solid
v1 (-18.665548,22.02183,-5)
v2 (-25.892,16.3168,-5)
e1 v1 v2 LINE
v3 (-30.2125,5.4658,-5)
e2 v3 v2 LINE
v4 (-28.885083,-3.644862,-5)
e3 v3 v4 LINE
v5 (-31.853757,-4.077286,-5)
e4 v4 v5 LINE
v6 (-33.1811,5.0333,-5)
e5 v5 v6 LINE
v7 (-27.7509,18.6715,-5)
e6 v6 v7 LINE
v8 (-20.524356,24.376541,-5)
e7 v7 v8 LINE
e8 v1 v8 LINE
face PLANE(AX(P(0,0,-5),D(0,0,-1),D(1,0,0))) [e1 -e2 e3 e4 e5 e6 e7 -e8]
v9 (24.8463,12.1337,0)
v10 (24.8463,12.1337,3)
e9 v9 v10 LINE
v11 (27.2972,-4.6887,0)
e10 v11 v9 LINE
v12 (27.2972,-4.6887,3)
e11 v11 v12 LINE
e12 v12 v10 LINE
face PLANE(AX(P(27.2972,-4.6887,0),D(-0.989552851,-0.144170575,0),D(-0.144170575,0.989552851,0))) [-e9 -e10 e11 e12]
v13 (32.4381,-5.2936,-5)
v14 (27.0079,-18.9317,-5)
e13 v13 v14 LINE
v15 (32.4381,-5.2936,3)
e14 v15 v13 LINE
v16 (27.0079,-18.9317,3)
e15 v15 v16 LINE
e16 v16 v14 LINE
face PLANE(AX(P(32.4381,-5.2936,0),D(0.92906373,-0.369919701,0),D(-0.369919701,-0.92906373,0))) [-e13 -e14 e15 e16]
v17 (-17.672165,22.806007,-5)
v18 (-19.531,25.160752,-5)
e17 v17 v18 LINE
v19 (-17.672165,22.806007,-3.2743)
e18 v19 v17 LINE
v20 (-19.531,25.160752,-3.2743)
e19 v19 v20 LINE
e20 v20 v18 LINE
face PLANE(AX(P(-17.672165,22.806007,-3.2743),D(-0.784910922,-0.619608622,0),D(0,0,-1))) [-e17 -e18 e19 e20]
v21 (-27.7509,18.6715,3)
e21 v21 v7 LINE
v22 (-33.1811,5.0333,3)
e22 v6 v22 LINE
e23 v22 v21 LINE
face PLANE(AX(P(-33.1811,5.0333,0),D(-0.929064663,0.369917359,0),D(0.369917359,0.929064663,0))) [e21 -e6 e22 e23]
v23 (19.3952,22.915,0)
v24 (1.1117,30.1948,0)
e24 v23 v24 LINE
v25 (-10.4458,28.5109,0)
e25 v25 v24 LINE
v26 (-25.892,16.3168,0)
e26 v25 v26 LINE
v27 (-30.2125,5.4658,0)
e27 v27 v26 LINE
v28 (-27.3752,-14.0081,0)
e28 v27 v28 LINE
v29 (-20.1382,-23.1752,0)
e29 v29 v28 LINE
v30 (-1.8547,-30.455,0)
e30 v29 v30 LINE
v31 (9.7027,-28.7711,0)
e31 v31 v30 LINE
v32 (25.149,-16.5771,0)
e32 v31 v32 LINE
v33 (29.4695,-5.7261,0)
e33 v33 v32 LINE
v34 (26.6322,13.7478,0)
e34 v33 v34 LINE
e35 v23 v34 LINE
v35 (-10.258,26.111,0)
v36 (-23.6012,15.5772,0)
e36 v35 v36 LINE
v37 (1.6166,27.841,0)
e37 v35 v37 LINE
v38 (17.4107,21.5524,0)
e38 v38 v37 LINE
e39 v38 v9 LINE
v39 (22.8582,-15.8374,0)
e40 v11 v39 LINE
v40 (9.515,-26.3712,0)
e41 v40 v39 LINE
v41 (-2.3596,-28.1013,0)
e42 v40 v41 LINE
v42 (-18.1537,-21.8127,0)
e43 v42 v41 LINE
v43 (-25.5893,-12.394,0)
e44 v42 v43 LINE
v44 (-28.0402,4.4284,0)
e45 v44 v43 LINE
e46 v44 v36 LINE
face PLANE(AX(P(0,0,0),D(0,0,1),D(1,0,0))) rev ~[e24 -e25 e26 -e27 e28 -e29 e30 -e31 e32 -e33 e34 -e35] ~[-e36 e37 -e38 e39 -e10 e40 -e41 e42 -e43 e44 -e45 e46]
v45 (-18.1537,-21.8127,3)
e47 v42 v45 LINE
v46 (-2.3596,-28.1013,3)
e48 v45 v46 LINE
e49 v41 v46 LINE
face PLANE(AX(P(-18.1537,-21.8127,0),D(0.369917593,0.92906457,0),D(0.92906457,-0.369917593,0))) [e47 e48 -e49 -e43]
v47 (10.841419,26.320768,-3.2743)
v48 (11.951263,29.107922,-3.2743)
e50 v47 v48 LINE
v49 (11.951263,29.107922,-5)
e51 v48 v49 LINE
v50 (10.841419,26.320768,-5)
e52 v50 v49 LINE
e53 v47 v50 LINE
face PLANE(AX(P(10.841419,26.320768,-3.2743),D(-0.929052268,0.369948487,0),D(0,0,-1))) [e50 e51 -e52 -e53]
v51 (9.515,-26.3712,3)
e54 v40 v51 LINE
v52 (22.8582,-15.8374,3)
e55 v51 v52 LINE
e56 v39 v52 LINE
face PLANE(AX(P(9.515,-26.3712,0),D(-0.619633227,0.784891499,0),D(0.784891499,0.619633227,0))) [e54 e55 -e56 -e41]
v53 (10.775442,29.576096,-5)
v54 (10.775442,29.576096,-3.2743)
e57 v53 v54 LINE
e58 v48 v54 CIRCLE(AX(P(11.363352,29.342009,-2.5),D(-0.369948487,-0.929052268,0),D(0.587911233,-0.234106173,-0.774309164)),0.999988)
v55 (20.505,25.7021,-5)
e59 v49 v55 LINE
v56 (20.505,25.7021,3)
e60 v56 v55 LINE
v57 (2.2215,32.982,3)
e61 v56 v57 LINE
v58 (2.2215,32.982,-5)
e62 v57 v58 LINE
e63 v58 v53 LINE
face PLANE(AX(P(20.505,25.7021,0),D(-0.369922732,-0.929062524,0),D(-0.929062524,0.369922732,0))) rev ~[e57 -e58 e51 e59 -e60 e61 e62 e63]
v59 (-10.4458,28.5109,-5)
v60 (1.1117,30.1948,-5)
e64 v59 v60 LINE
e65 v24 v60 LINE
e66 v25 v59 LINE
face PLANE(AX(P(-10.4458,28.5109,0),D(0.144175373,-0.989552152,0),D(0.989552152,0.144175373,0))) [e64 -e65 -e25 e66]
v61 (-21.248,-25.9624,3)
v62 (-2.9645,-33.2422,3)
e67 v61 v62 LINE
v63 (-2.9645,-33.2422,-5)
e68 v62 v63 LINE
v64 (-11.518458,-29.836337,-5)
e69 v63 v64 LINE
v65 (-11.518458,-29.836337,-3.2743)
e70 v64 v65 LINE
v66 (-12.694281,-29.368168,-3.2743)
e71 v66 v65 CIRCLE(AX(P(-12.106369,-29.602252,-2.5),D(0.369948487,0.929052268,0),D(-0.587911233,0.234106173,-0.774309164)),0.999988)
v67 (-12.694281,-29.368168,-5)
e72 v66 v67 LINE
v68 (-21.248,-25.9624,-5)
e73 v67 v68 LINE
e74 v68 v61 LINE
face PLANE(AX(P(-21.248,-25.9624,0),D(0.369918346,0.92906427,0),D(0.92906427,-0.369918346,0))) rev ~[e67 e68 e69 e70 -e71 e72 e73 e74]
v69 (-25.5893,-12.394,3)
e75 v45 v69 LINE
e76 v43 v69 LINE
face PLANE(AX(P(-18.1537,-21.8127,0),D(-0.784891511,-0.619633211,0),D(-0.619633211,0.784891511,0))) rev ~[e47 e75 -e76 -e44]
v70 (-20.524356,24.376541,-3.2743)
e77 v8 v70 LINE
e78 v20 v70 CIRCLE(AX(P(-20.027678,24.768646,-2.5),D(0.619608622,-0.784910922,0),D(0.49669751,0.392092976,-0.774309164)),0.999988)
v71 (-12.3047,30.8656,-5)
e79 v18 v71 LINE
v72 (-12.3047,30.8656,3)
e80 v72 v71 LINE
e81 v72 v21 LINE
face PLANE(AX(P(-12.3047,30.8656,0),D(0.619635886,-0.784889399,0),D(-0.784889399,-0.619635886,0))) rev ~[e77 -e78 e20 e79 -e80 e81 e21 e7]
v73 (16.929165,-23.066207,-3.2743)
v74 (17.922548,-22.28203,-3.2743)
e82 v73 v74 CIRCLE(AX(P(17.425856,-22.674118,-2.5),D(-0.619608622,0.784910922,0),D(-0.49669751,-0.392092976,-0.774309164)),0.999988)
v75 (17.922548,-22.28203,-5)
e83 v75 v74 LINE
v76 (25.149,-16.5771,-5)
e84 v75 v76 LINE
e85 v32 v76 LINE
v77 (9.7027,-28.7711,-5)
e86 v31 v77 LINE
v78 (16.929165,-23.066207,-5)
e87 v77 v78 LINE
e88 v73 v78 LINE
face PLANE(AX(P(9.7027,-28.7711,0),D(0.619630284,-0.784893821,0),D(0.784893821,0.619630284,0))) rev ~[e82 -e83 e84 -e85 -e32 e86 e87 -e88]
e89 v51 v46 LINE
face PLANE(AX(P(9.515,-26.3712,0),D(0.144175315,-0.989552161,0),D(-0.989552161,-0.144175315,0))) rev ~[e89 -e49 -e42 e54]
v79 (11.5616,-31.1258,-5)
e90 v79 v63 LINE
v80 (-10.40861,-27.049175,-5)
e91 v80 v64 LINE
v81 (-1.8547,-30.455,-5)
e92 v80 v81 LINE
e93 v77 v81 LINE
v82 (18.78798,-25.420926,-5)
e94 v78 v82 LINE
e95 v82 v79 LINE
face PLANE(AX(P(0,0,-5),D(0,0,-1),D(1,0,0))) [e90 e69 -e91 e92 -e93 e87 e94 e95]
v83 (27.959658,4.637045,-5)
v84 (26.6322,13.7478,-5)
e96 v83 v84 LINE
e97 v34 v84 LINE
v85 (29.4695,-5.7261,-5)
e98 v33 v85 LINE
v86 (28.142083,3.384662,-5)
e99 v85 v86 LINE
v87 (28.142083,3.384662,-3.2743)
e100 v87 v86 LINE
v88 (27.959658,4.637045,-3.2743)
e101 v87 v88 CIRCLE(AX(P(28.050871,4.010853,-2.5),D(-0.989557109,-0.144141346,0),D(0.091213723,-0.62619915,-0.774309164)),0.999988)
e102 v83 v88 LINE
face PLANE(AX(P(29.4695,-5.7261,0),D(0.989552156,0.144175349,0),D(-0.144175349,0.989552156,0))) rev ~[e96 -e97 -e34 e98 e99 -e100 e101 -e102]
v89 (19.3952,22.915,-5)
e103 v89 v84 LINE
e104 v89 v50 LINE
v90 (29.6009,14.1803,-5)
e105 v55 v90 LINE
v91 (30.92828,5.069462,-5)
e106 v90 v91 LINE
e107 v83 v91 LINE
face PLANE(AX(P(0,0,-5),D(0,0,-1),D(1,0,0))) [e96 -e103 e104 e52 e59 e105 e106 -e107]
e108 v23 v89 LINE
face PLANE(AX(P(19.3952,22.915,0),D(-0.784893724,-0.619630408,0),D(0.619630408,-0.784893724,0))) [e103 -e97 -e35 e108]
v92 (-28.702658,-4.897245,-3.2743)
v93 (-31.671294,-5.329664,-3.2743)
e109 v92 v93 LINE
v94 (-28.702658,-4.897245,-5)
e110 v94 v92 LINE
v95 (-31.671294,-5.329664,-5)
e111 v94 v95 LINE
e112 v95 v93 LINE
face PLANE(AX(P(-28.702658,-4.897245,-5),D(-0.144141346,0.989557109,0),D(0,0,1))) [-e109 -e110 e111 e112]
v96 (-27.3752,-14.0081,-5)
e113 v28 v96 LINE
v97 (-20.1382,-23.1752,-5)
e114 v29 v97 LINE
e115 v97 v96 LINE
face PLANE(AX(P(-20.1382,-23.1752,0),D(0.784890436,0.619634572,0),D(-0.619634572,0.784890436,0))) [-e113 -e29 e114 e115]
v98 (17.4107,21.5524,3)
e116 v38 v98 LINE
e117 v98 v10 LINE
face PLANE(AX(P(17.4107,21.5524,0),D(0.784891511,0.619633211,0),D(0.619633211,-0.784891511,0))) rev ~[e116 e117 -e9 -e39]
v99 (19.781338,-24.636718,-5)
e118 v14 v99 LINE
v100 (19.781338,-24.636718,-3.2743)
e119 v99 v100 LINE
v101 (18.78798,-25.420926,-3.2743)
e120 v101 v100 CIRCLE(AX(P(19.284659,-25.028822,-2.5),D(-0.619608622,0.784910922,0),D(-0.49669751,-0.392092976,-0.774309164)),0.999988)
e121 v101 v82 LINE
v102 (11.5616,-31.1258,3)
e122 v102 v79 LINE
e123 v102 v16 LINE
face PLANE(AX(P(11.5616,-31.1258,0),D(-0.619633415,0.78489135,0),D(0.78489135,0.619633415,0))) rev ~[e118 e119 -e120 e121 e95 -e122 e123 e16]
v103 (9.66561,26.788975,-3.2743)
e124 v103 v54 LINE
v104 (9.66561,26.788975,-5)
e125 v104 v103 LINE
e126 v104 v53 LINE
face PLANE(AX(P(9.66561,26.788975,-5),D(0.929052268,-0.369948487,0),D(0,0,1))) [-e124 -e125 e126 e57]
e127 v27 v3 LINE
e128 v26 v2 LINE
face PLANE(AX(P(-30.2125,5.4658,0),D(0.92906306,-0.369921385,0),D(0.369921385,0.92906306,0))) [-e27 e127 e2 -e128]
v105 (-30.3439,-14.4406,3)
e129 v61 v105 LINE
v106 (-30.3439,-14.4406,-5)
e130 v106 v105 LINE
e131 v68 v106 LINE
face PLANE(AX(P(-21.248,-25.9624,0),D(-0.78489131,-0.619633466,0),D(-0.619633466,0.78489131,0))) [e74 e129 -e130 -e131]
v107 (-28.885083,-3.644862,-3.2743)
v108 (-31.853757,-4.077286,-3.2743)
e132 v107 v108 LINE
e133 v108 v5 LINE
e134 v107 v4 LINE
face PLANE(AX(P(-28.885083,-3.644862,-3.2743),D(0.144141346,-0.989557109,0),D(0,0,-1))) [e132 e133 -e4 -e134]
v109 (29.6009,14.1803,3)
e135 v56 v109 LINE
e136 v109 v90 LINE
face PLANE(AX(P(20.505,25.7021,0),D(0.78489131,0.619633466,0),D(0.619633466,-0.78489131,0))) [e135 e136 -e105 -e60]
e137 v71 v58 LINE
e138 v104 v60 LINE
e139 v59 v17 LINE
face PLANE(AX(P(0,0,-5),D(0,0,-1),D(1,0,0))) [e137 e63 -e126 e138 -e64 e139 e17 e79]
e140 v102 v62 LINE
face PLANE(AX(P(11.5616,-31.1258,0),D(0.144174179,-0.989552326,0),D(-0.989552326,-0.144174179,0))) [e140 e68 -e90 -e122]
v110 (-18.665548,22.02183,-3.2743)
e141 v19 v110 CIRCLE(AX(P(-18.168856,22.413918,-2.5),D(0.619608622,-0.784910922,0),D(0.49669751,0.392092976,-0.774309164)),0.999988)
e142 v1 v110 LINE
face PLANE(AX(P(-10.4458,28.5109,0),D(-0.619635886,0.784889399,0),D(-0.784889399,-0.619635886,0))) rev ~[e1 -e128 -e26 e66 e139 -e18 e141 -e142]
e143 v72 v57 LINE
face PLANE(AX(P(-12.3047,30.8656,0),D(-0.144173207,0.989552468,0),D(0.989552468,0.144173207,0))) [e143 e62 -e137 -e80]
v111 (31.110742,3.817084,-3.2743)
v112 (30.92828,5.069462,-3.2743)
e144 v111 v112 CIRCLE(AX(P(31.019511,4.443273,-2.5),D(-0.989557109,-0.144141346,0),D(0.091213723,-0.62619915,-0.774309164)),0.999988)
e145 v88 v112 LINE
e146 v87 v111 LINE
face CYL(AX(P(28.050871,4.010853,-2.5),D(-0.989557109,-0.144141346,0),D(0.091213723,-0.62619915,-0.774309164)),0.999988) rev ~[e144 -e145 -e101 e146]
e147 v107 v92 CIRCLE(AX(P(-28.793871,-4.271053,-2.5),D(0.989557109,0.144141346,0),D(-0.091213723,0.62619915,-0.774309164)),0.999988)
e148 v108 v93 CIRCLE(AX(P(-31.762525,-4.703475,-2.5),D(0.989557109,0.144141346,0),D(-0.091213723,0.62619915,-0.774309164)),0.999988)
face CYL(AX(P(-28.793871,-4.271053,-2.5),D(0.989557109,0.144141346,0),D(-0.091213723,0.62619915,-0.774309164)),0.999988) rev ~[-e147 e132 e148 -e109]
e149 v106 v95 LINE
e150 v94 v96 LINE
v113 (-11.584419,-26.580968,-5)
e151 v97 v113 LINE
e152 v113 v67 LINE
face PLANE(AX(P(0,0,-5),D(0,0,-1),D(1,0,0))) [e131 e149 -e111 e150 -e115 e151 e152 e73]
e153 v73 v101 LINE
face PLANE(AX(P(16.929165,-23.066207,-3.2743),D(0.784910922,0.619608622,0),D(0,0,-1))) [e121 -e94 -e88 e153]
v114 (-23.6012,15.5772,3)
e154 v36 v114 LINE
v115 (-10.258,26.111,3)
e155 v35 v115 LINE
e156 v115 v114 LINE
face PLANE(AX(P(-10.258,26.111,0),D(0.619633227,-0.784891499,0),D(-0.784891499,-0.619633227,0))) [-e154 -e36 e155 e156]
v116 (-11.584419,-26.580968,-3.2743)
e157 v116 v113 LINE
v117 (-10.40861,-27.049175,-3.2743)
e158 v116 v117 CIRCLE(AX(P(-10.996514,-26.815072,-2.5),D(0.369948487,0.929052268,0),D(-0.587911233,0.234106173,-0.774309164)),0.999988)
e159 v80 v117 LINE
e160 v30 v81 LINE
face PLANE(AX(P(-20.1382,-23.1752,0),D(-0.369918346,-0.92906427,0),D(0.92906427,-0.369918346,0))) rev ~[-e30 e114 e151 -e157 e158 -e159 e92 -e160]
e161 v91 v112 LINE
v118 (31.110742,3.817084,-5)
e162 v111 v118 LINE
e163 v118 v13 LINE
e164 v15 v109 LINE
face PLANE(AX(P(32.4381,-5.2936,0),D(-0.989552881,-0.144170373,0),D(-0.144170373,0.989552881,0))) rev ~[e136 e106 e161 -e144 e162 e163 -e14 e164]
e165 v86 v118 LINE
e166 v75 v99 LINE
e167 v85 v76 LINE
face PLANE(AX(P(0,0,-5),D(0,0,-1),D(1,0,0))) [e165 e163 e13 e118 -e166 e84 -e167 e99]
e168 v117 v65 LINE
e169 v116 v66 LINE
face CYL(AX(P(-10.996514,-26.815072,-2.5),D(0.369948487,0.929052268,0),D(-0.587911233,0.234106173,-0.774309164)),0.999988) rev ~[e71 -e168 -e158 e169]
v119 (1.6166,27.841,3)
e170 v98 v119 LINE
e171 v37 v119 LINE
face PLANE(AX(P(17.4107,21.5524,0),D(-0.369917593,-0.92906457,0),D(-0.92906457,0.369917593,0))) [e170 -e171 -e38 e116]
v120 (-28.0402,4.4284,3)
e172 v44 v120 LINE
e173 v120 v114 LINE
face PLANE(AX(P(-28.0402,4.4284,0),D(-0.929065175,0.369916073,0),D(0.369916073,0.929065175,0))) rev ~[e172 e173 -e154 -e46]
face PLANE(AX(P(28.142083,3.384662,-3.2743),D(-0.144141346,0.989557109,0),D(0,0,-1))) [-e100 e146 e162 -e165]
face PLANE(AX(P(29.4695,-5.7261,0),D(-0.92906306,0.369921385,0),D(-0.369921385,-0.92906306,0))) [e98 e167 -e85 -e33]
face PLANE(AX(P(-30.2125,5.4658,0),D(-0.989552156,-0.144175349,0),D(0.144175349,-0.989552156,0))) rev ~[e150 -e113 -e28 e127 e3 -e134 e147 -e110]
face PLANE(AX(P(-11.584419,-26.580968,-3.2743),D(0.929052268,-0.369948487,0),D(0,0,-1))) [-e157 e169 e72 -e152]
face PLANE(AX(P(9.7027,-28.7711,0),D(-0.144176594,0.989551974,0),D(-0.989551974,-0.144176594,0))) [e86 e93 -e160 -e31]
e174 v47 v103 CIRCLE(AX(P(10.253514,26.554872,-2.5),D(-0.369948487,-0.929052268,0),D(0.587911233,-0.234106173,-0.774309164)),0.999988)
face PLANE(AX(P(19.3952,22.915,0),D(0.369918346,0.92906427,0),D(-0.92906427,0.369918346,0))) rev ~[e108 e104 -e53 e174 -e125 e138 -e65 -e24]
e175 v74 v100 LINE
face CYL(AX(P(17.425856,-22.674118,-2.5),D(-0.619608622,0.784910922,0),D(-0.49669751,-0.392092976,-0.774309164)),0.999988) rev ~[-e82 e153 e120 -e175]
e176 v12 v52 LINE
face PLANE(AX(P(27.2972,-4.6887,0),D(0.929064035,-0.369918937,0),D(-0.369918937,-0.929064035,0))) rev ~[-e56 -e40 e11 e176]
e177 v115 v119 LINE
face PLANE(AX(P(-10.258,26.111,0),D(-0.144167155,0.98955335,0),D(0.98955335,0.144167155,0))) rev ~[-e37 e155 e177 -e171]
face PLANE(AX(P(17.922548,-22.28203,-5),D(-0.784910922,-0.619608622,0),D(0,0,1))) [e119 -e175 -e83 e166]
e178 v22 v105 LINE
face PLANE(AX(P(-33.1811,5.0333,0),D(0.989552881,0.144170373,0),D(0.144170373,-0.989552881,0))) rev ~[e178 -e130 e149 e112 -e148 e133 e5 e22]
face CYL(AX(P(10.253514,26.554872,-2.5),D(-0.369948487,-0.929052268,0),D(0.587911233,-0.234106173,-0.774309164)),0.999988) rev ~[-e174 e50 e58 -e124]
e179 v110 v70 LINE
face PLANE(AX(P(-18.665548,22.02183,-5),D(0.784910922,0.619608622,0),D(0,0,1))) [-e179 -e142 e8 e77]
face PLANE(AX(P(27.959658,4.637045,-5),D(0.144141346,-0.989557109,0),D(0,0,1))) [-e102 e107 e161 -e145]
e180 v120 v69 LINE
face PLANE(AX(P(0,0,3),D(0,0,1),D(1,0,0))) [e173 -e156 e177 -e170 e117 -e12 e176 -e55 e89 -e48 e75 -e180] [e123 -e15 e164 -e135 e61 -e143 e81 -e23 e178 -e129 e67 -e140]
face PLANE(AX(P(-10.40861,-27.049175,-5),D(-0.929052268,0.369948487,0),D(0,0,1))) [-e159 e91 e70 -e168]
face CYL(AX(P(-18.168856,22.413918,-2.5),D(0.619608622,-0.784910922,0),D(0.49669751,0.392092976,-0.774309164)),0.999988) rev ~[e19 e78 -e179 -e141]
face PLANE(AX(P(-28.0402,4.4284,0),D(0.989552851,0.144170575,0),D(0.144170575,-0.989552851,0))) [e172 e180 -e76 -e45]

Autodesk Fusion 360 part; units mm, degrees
sketch "Sketch1" plane through (0, 0, 0) normal (0, 0, 1) x (1, 0, 0)
  line L0 (-12.2461, -1.8602) -> (-7.8071, 9.2886)
  line L1 (-7.8071, 9.2886) -> (4.0675, 11.0187)
  line L2 (4.0675, 11.0187) -> (11.5031, 1.6)
  line L3 (11.5031, 1.6) -> (7.0641, -9.5488)
  line L4 (7.0641, -9.5488) -> (-4.8105, -11.2789)
  line L5 (-4.8105, -11.2789) -> (-12.2461, -1.8602)
  line L6 (-4.8105, -11.2789) -> (7.0641, -9.5488)
  line L7 (7.0641, -9.5488) -> (9.515, -26.3712)
  line L8 (9.515, -26.3712) -> (-2.3596, -28.1013)
  line L9 (-2.3596, -28.1013) -> (-4.8105, -11.2789)
  line L10 (7.0641, -9.5488) -> (11.5031, 1.6)
  line L11 (11.5031, 1.6) -> (27.2972, -4.6887)
  line L12 (27.2972, -4.6887) -> (22.8582, -15.8374)
  line L13 (22.8582, -15.8374) -> (7.0641, -9.5488)
  line L14 (11.5031, 1.6) -> (4.0675, 11.0187)
  line L15 (4.0675, 11.0187) -> (17.4107, 21.5524)
  line L16 (17.4107, 21.5524) -> (24.8463, 12.1337)
  line L17 (24.8463, 12.1337) -> (11.5031, 1.6)
  line L18 (4.0675, 11.0187) -> (-7.8071, 9.2886)
  line L19 (-7.8071, 9.2886) -> (-10.258, 26.111)
  line L20 (-10.258, 26.111) -> (1.6166, 27.841)
  line L21 (1.6166, 27.841) -> (4.0675, 11.0187)
  line L22 (-7.8071, 9.2886) -> (-12.2461, -1.8602)
  line L23 (-12.2461, -1.8602) -> (-28.0402, 4.4284)
  line L24 (-28.0402, 4.4284) -> (-23.6012, 15.5772)
  line L25 (-23.6012, 15.5772) -> (-7.8071, 9.2886)
  line L26 (-12.2461, -1.8602) -> (-4.8105, -11.2789)
  line L27 (-4.8105, -11.2789) -> (-18.1537, -21.8127)
  line L28 (-18.1537, -21.8127) -> (-25.5893, -12.394)
  line L29 (-25.5893, -12.394) -> (-12.2461, -1.8602)
  line L30 (-28.0402, 4.4284) -> (-25.5893, -12.394)
  line L31 (-18.1537, -21.8127) -> (-2.3596, -28.1013)
  line L32 (9.515, -26.3712) -> (22.8582, -15.8374)
  line L33 (27.2972, -4.6887) -> (24.8463, 12.1337)
  line L34 (17.4107, 21.5524) -> (1.6166, 27.841)
  line L35 (-10.258, 26.111) -> (-23.6012, 15.5772)
  line L36 (-33.1811, 5.0333) -> (-27.7509, 18.6715)
  line L37 (-12.3047, 30.8656) -> (-27.7509, 18.6715)
  line L38 (-12.3047, 30.8656) -> (2.2215, 32.982)
  line L39 (20.505, 25.7021) -> (2.2215, 32.982)
  line L40 (20.505, 25.7021) -> (29.6009, 14.1803)
  line L41 (32.4381, -5.2936) -> (29.6009, 14.1803)
  line L42 (32.4381, -5.2936) -> (27.0079, -18.9317)
  line L43 (11.5616, -31.1258) -> (27.0079, -18.9317)
  line L44 (11.5616, -31.1258) -> (-2.9645, -33.2422)
  line L45 (-21.248, -25.9624) -> (-2.9645, -33.2422)
  line L46 (-21.248, -25.9624) -> (-30.3439, -14.4406)
  line L47 (-33.1811, 5.0333) -> (-30.3439, -14.4406)
  dimension "d1" = 12
  dimension "d2" = 12
  dimension "d3" = 12
  dimension "d4" = 12
  dimension "d5" = 12
  dimension "d6" = 12
  dimension "d7" = 120
  dimension "d8" = 120
  dimension "d9" = 120
  dimension "d10" = 17
  dimension "d11" = 17
  dimension "d12" = 17
  dimension "d13" = 17
  dimension "d14" = 17
  dimension "d15" = 17
  dimension "d16" = -5
extrude "Extrude1" add sketch "Sketch1" along normal blind 3
sketch "Sketch2" plane through (0, 0, 0) normal (0, 0, -1) x (1, 0, 0)
  line L0 (17.4107, -21.5524) -> (1.6166, -27.841)
  line L1 (1.6166, -27.841) -> (-10.258, -26.111)
  line L2 (-10.258, -26.111) -> (-23.6012, -15.5772)
  line L3 (-23.6012, -15.5772) -> (-28.0402, -4.4284)
  line L4 (-28.0402, -4.4284) -> (-25.5893, 12.394)
  line L5 (-25.5893, 12.394) -> (-18.1537, 21.8127)
  line L6 (-18.1537, 21.8127) -> (-2.3596, 28.1013)
  line L7 (-2.3596, 28.1013) -> (9.515, 26.3712)
  line L8 (9.515, 26.3712) -> (22.8582, 15.8374)
  line L9 (22.8582, 15.8374) -> (27.2972, 4.6887)
  line L10 (27.2972, 4.6887) -> (24.8463, -12.1337)
  line L11 (24.8463, -12.1337) -> (17.4107, -21.5524)
  line L12 (-27.7509, -18.6715) -> (-12.3047, -30.8656)
  line L13 (-12.3047, -30.8656) -> (2.2215, -32.982)
  line L14 (2.2215, -32.982) -> (20.505, -25.7021)
  line L15 (20.505, -25.7021) -> (29.6009, -14.1803)
  line L16 (29.6009, -14.1803) -> (32.4381, 5.2936)
  line L17 (32.4381, 5.2936) -> (27.0079, 18.9317)
  line L18 (27.0079, 18.9317) -> (11.5616, 31.1258)
  line L19 (11.5616, 31.1258) -> (-2.9645, 33.2422)
  line L20 (-2.9645, 33.2422) -> (-21.248, 25.9624)
  line L21 (-21.248, 25.9624) -> (-30.3439, 14.4406)
  line L22 (-30.3439, 14.4406) -> (-33.1811, -5.0333)
  line L23 (-33.1811, -5.0333) -> (-27.7509, -18.6715)
  line L24 (-30.3439, 14.4406) -> (-33.1811, -5.0333)
  line L25 (-30.2125, -5.4658) -> (-27.3752, 14.0081)
  line L26 (-10.4458, -28.5109) -> (-25.892, -16.3168)
  line L27 (-27.7509, -18.6715) -> (-12.3047, -30.8656)
  line L28 (19.3952, -22.915) -> (1.1117, -30.1948)
  line L29 (2.2215, -32.982) -> (20.505, -25.7021)
  line L30 (29.4695, 5.7261) -> (26.6322, -13.7478)
  line L31 (29.6009, -14.1803) -> (32.4381, 5.2936)
  line L32 (9.7027, 28.7711) -> (25.149, 16.5771)
  line L33 (27.0079, 18.9317) -> (11.5616, 31.1258)
  line L34 (-20.1382, 23.1752) -> (-1.8547, 30.455)
  line L35 (-2.9645, 33.2422) -> (-21.248, 25.9624)
  line L36 (-20.1382, 23.1752) -> (-27.3752, 14.0081)
  line L37 (-30.2125, -5.4658) -> (-25.892, -16.3168)
  line L38 (-10.4458, -28.5109) -> (1.1117, -30.1948)
  line L39 (19.3952, -22.915) -> (26.6322, -13.7478)
  line L40 (29.4695, 5.7261) -> (25.149, 16.5771)
  line L41 (9.7027, 28.7711) -> (-1.8547, 30.455)
  line L42 (-30.3439, 14.4406) -> (-21.248, 25.9624)
  line L43 (-2.9645, 33.2422) -> (11.5616, 31.1258)
  line L44 (27.0079, 18.9317) -> (32.4381, 5.2936)
  line L45 (29.4695, -14.3468) -> (20.505, -25.7021)
  line L46 (2.2215, -32.982) -> (-12.3047, -30.8656)
  line L47 (-27.7509, -18.6715) -> (-33.1811, -5.0333)
  dimension "d20" = 2
extrude "Extrude2" add sketch "Sketch2" along normal blind 5 contours L12 L13 L14 L15 L16 L17 L18 L19 L20 L21 L22 L23 L24 L27 L29 L31 L33 L35 L42 L43 L44 L45 L46 L47
sketch "Sketch3" plane through (17.718, -22.4435, 0) normal (-0.6196, 0.7849, 0) x (-0.7849, -0.6196, 0)
  line L0 (10.212, 0) -> (-9.4675, 0)
  line L1 (-9.4675, 0) -> (-9.4675, -5)
  line L2 (-9.4675, -5) -> (10.212, -5)
  line L3 (10.212, -5) -> (10.212, 0)
  line L4 (1.005, -5) -> (-0.2606, -5)
  line L5 (-0.2606, -5) -> (-0.2606, -3.2743)
  line L6 (1.005, -3.2743) -> (1.005, -5)
  arc A0 (1.005, -3.2743) -> (-0.2606, -3.2743) centre (0.3722, -2.5) ccw
  point P0 (0.3722, -2.5)
  dimension "d25" = 2
extrude "Extrude3" cut sketch "Sketch3" against normal blind 7 contours L2 L4 L5 L6 A0
pattern_circular "C-Pattern1" count 6 over 360 about axis through (-0.3715, -0.1301, 1) along (0, 0, -1) of "Extrude3"
